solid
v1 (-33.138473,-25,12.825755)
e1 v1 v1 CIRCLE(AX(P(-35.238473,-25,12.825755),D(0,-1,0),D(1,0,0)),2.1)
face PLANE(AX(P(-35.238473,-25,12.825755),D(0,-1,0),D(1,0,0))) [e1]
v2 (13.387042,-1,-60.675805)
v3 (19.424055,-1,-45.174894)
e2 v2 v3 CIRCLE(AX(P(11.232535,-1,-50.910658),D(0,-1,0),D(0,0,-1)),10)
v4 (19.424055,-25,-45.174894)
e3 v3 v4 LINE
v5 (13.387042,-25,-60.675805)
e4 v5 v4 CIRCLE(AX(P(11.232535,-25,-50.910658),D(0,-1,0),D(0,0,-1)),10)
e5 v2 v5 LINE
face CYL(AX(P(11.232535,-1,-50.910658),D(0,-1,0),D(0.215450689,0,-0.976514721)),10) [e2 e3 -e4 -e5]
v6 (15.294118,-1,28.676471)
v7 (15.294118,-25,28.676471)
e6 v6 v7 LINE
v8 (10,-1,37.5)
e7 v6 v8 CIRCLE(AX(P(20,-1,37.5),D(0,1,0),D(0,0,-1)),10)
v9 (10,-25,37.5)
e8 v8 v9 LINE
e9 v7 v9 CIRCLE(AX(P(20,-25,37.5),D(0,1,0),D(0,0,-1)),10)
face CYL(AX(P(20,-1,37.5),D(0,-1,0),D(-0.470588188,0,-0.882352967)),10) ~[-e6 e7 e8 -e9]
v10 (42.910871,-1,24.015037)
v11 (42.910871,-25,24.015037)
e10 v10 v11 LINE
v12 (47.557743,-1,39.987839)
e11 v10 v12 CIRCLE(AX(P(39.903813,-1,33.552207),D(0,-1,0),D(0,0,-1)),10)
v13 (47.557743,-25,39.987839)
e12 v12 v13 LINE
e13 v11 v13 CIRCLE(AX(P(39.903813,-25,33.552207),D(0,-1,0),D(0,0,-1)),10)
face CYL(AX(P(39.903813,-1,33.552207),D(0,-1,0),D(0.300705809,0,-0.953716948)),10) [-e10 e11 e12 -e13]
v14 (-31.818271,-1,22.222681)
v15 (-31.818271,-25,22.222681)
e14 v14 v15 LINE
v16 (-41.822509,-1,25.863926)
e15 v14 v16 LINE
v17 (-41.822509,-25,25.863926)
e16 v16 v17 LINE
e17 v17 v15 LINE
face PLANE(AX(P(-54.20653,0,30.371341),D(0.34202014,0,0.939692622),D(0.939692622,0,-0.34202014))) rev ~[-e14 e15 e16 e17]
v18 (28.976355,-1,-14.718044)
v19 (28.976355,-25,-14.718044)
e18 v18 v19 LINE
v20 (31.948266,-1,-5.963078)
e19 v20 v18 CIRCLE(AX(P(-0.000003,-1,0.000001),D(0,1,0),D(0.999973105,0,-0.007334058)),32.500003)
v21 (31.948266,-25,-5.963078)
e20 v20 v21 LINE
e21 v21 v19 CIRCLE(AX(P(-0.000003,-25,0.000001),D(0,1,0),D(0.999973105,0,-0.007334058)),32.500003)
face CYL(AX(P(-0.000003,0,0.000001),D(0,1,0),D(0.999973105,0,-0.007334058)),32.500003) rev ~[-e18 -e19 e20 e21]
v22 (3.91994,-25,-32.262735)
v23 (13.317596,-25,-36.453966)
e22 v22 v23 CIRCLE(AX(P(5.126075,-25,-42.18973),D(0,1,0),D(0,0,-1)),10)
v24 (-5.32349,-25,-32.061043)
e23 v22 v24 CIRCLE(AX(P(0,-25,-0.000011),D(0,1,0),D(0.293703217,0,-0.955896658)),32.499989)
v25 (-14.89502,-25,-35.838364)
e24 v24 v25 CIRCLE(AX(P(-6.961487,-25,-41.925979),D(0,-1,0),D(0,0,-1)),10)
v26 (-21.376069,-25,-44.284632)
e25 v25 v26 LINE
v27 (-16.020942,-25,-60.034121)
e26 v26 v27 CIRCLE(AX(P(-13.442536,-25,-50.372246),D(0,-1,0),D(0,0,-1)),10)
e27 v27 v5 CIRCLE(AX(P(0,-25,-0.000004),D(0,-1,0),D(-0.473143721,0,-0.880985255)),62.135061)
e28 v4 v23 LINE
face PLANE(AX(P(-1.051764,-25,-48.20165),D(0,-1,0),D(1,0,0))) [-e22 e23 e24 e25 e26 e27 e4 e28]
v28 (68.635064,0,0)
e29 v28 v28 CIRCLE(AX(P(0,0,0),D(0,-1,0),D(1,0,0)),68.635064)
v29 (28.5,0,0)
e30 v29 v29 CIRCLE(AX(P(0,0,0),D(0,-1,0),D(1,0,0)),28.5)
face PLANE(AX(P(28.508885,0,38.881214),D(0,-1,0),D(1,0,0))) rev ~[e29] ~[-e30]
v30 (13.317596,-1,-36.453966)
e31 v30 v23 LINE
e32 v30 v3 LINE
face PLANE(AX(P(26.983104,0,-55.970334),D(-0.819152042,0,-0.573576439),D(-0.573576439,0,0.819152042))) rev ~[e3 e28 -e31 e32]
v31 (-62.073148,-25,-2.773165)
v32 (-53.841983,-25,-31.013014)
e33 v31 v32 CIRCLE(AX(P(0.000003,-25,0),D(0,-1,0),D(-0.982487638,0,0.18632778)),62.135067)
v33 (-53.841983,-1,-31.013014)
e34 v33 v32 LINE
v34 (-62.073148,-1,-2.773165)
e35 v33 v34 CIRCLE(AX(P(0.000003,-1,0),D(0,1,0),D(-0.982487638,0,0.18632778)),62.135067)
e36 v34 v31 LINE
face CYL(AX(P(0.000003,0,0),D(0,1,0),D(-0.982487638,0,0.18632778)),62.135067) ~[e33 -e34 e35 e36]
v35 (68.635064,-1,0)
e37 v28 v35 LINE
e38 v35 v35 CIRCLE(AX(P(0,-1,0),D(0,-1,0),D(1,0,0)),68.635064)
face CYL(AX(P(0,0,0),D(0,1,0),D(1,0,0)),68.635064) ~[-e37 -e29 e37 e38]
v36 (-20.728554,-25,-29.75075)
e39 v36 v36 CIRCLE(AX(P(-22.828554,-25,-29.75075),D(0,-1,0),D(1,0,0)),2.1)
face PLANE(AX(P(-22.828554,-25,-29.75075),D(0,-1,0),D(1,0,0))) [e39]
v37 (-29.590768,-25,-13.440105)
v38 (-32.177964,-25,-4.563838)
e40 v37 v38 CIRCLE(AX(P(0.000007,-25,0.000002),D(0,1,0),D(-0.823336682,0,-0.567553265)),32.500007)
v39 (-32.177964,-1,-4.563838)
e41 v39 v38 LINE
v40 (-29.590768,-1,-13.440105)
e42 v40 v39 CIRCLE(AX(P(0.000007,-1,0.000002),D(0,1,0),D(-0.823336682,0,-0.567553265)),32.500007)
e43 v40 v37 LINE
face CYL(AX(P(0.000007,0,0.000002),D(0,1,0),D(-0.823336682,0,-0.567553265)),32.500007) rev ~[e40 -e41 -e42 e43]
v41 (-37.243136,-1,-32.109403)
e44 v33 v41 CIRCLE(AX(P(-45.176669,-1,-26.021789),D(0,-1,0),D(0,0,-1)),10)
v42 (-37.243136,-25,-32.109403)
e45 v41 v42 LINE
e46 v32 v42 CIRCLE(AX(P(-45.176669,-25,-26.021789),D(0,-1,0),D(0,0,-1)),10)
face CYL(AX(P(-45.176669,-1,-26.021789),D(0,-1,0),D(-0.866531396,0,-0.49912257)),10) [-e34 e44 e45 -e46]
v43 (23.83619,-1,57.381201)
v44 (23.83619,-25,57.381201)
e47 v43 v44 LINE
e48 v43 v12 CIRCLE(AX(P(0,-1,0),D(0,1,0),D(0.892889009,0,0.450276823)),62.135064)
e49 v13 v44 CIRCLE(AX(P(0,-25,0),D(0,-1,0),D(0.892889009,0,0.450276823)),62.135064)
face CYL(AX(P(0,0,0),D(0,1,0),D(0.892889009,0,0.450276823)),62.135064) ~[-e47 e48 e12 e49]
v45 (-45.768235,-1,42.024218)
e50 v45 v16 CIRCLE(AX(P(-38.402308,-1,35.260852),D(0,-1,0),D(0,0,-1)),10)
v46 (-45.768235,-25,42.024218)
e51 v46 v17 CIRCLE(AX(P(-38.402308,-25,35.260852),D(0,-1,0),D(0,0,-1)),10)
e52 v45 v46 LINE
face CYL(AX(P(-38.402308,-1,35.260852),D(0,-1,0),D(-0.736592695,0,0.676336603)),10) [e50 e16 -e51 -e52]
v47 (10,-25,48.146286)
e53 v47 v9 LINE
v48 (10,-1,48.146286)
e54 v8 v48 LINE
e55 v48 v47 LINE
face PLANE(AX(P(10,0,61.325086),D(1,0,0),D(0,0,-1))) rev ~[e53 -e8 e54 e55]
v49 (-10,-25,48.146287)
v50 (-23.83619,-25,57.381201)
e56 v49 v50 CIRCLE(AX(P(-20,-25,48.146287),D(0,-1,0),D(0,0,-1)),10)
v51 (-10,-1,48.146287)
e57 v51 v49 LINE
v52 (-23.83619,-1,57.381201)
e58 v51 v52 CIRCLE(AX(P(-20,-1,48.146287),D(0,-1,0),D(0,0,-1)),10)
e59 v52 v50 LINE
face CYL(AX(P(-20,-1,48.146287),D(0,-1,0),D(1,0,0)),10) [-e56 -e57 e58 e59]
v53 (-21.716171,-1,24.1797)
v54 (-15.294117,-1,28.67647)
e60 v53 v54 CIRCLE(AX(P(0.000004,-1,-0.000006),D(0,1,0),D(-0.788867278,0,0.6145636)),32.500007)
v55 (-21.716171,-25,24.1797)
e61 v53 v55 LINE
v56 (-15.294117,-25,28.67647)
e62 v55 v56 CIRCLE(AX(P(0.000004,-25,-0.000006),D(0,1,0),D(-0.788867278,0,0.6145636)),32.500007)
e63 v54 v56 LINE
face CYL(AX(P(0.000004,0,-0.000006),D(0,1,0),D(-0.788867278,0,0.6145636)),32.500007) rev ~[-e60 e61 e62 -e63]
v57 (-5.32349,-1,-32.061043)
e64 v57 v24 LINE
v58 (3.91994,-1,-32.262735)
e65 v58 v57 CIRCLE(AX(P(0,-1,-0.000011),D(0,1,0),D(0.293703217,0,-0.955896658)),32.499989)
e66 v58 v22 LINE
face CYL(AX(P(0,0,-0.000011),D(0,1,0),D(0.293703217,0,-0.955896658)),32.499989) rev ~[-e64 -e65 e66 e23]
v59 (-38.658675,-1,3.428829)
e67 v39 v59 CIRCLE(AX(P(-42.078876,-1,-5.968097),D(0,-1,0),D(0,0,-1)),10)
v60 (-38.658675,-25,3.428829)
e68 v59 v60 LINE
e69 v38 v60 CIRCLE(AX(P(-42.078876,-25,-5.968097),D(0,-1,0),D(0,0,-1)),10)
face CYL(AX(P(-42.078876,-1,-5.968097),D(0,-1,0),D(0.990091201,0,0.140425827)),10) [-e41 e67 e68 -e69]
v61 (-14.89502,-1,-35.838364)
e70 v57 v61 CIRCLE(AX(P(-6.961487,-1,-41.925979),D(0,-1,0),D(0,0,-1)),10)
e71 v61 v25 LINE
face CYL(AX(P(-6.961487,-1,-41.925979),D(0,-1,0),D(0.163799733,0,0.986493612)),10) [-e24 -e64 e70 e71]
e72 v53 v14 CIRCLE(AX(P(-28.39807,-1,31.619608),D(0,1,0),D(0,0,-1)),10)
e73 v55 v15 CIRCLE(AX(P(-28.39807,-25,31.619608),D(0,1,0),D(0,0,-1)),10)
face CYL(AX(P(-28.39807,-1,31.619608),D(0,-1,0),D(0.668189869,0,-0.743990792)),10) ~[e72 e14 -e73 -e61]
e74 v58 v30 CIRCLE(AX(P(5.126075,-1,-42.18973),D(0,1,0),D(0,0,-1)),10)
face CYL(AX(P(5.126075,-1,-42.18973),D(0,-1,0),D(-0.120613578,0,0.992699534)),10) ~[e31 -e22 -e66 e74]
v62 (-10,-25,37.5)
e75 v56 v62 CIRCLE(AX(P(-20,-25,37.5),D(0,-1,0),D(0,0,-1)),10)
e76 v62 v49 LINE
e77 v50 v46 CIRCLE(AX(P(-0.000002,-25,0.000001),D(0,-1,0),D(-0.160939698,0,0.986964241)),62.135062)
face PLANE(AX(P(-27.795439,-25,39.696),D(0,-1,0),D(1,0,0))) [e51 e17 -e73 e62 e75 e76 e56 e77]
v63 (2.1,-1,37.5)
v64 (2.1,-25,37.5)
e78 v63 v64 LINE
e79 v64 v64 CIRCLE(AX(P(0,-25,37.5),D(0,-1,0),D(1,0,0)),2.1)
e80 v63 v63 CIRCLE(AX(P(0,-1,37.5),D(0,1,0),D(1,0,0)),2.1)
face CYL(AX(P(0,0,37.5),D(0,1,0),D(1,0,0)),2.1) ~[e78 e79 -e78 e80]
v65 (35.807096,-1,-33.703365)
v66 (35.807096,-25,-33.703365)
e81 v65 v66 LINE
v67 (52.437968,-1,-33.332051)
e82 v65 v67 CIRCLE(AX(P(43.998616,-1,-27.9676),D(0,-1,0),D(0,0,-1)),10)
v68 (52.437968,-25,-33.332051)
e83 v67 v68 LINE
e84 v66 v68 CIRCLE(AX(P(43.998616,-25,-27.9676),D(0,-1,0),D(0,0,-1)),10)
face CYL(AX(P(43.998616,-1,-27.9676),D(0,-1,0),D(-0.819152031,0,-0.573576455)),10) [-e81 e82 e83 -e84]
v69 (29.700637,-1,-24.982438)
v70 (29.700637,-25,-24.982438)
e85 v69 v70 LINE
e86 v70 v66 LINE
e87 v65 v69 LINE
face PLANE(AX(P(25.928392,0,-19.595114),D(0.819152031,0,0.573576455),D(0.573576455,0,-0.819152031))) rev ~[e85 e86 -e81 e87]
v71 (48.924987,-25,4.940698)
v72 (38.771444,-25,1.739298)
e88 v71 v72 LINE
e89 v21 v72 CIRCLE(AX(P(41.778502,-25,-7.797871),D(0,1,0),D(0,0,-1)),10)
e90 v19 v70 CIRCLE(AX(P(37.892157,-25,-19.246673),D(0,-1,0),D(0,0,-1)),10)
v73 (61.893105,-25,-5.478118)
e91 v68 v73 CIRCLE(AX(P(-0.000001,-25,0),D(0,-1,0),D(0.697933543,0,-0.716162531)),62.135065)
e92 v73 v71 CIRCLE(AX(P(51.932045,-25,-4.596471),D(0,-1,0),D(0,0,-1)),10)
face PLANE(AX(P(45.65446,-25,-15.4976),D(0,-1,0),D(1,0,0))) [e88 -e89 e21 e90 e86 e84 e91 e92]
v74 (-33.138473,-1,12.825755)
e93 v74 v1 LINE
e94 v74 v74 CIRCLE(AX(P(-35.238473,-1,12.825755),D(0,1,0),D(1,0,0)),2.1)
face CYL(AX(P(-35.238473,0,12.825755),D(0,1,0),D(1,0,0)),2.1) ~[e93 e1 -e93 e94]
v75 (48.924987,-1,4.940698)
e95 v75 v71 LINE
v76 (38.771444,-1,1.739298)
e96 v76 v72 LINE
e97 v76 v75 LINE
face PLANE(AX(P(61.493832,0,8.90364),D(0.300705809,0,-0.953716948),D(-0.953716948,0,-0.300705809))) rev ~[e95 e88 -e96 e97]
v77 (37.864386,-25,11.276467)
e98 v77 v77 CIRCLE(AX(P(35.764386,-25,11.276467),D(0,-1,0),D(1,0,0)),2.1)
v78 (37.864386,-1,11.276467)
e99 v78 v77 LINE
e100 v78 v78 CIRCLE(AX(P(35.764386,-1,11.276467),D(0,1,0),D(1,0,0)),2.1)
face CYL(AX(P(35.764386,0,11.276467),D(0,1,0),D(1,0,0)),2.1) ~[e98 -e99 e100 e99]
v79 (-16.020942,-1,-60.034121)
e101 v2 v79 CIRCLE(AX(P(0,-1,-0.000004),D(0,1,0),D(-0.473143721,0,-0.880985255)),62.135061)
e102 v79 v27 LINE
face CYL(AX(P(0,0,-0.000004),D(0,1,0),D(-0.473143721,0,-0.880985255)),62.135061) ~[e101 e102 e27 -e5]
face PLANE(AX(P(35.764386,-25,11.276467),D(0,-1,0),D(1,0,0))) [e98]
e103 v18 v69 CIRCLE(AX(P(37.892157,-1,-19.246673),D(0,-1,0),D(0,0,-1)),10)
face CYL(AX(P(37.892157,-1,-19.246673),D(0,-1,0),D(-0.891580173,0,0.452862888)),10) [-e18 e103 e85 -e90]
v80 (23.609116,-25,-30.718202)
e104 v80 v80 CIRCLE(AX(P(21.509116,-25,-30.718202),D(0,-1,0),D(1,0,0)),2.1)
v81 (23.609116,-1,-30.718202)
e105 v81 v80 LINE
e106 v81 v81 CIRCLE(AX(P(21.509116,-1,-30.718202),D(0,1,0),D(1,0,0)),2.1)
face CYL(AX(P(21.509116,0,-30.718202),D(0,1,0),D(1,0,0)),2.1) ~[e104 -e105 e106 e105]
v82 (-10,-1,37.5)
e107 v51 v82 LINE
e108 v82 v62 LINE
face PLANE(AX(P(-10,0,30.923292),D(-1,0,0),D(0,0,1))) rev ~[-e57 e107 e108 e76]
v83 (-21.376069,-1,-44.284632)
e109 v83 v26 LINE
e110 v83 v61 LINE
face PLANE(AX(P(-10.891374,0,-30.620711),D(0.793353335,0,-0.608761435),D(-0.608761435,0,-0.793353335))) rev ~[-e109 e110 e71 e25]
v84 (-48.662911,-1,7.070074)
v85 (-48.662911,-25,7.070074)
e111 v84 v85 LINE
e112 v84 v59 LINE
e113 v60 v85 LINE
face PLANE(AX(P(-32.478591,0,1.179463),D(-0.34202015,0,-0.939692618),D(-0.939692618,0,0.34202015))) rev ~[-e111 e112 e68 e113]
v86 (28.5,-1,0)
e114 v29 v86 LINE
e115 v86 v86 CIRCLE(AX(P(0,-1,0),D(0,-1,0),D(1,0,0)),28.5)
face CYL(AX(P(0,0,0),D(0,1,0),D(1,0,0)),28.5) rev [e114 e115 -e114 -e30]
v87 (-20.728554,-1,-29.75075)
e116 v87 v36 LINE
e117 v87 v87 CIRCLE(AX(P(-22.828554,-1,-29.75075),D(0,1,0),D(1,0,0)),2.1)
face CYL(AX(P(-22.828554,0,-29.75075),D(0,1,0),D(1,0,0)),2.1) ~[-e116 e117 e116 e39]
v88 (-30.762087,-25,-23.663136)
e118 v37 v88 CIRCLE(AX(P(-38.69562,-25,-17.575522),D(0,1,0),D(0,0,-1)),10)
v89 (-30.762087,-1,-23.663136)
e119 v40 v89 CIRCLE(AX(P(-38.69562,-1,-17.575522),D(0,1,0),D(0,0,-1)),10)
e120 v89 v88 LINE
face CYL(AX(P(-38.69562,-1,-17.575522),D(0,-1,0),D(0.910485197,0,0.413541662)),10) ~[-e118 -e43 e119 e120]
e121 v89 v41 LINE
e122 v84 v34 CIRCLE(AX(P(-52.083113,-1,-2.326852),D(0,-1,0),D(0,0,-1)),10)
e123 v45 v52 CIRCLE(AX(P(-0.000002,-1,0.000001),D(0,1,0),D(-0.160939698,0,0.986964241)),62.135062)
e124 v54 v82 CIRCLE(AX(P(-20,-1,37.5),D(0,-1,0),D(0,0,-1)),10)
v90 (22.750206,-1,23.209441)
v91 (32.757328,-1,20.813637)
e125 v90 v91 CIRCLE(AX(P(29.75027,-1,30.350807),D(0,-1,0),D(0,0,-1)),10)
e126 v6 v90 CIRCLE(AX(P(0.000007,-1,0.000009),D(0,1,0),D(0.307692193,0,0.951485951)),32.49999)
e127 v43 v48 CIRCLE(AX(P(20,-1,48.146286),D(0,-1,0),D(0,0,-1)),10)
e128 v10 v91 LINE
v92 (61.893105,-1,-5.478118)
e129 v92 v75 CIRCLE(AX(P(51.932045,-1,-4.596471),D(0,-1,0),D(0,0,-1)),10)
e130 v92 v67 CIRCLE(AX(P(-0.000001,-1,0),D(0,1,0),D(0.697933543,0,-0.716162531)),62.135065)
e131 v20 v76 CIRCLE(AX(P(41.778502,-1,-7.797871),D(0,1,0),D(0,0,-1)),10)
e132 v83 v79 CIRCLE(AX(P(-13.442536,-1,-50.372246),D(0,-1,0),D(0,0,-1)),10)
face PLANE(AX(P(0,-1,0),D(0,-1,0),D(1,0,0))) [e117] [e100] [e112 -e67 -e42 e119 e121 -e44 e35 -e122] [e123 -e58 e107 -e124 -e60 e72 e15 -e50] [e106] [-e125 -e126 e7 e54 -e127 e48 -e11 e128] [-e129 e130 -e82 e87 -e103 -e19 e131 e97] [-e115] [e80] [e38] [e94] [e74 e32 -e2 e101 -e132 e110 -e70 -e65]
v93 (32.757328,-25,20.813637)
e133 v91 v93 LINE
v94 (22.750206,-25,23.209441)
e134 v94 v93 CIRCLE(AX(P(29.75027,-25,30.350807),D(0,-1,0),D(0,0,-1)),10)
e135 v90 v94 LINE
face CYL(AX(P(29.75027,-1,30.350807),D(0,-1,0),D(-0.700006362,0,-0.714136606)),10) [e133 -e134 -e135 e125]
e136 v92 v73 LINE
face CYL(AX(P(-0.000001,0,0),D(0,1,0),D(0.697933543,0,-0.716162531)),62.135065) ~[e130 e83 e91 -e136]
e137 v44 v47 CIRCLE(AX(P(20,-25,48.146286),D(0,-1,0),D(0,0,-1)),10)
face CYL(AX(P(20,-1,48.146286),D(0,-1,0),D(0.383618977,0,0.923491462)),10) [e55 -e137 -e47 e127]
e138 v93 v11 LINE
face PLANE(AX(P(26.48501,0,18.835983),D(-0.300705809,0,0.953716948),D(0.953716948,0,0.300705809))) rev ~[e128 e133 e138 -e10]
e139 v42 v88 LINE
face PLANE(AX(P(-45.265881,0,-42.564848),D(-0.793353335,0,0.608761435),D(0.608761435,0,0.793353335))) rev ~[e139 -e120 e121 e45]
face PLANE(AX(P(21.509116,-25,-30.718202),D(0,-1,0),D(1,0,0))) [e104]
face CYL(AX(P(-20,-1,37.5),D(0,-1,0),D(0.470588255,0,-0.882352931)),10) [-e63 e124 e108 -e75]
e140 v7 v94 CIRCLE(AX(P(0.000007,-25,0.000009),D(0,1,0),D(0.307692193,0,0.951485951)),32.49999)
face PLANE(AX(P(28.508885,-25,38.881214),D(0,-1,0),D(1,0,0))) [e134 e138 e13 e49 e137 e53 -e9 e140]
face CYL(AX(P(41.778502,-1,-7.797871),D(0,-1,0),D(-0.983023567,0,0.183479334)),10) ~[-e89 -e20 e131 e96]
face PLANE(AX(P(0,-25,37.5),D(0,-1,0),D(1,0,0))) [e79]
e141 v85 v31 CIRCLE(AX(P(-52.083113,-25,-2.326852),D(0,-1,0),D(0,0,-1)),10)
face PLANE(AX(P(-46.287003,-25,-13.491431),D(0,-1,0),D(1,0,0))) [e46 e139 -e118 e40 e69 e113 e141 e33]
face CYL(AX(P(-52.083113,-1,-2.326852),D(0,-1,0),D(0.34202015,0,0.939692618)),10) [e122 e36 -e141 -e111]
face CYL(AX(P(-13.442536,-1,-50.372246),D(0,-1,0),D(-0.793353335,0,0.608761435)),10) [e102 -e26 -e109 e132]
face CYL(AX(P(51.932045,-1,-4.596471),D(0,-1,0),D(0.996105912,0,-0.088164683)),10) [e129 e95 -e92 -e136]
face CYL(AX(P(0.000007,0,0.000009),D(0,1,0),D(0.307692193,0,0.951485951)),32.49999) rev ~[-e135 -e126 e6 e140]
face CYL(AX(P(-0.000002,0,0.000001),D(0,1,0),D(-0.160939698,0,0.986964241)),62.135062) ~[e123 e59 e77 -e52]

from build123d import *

# Parameters (mm, degrees)
F0_R     = 68.635064
F0_R_2   = 2.1
F0_R_3   = 28.5
F1_DEPTH = 1
F2_DEPTH = 25
F3_R     = 10


with BuildPart() as f1:
    # F0 (on Front) → F1 (new body)
    with BuildSketch(Plane.XZ):
        Circle(F0_R)
        with Locations((-22.828554, -29.75075)):
            Circle(F0_R_2, mode=Mode.SUBTRACT)
        with Locations((21.509116, -30.718202)):
            Circle(F0_R_2, mode=Mode.SUBTRACT)
        with BuildLine():
            ThreePointArc((-10, 30.923292), (0, 32.5), (10, 30.923292))
            Line((10, 30.923292), (10, 61.325086))
            ThreePointArc((10, 61.325086), (36.741063, 50.108487), (55.479716, 27.977979))
            Line((55.479716, 27.977979), (26.48501, 18.835983))
            ThreePointArc((26.48501, 18.835983), (30.959755, 9.886536), (32.5, 0))
            ThreePointArc((32.5, 0), (32.499781, -0.119179), (32.499126, -0.238356))
            Line((32.499126, -0.238356), (61.493832, 8.90364))
            ThreePointArc((61.493832, 8.90364), (58.837564, -19.972662), (43.366145, -44.498805))
            Line((43.366145, -44.498805), (25.928392, -19.595114))
            ThreePointArc((25.928392, -19.595114), (18.641234, -26.622441), (9.545351, -31.066642))
            Line((9.545351, -31.066642), (26.983104, -55.970334))
            ThreePointArc((26.983104, -55.970334), (-1.355469, -62.120278), (-29.398814, -54.740076))
            Line((-29.398814, -54.740076), (-10.891374, -30.620711))
            ThreePointArc((-10.891374, -30.620711), (-19.784746, -25.783984), (-26.758441, -18.445483))
            Line((-26.758441, -18.445483), (-45.265881, -42.564848))
            ThreePointArc((-45.265881, -42.564848), (-59.652759, -17.387194), (-61.046932, 11.577489))
            Line((-61.046932, 11.577489), (-32.478591, 1.179463))
            ThreePointArc((-32.478591, 1.179463), (-30.54001, 11.115655), (-25.638188, 19.973315))
            Line((-25.638188, 19.973315), (-54.20653, 30.371341))
            ThreePointArc((-54.20653, 30.371341), (-35.639209, 50.898065), (-10, 61.325086))
            Line((-10, 61.325086), (-10, 30.923292))
        make_face(mode=Mode.SUBTRACT)
        with Locations((-35.238473, 12.825755)):
            Circle(F0_R_2, mode=Mode.SUBTRACT)
        with Locations((35.764386, 11.276467)):
            Circle(F0_R_2, mode=Mode.SUBTRACT)
        with Locations((0, 37.5)):
            Circle(F0_R_2, mode=Mode.SUBTRACT)
        with BuildLine():
            Line((10, 61.325086), (10, 30.923292))
            ThreePointArc((10, 30.923292), (19.217564, 26.20945), (26.48501, 18.835983))
            Line((26.48501, 18.835983), (55.479716, 27.977979))
            ThreePointArc((55.479716, 27.977979), (36.741063, 50.108487), (10, 61.325086))
        make_face()
        with BuildLine():
            ThreePointArc((-25.638188, 19.973315), (-18.641234, 26.622441), (-10, 30.923292))
            Line((-10, 30.923292), (-10, 61.325086))
            ThreePointArc((-10, 61.325086), (-35.639209, 50.898065), (-54.20653, 30.371341))
            Line((-54.20653, 30.371341), (-25.638188, 19.973315))
        make_face()
        with Locations((0, 37.5)):
            Circle(F0_R_2)
        with Locations((35.764386, 11.276467)):
            Circle(F0_R_2)
        with BuildLine():
            Line((61.493832, 8.90364), (32.499126, -0.238356))
            ThreePointArc((32.499126, -0.238356), (30.775229, -10.446783), (25.928392, -19.595114))
            Line((25.928392, -19.595114), (43.366145, -44.498805))
            ThreePointArc((43.366145, -44.498805), (58.837564, -19.972662), (61.493832, 8.90364))
        make_face()
        with BuildLine():
            Line((26.983104, -55.970334), (9.545351, -31.066642))
            ThreePointArc((9.545351, -31.066642), (-0.708984, -32.492266), (-10.891374, -30.620711))
            Line((-10.891374, -30.620711), (-29.398814, -54.740076))
            ThreePointArc((-29.398814, -54.740076), (-1.355469, -62.120278), (26.983104, -55.970334))
        make_face()
        with BuildLine():
            ThreePointArc((-26.758441, -18.445483), (-31.20162, -9.094443), (-32.478591, 1.179463))
            Line((-32.478591, 1.179463), (-61.046932, 11.577489))
            ThreePointArc((-61.046932, 11.577489), (-59.652759, -17.387194), (-45.265881, -42.564848))
            Line((-45.265881, -42.564848), (-26.758441, -18.445483))
        make_face()
        with Locations((-35.238473, 12.825755)):
            Circle(F0_R_2)
        with BuildLine():
            ThreePointArc((26.48501, 18.835983), (19.217564, 26.20945), (10, 30.923292))
            ThreePointArc((10, 30.923292), (0, 32.5), (-10, 30.923292))
            ThreePointArc((-10, 30.923292), (-18.641234, 26.622441), (-25.638188, 19.973315))
            ThreePointArc((-25.638188, 19.973315), (-30.54001, 11.115655), (-32.478591, 1.179463))
            ThreePointArc((-32.478591, 1.179463), (-31.20162, -9.094443), (-26.758441, -18.445483))
            ThreePointArc((-26.758441, -18.445483), (-19.784746, -25.783984), (-10.891374, -30.620711))
            ThreePointArc((-10.891374, -30.620711), (-0.708984, -32.492266), (9.545351, -31.066642))
            ThreePointArc((9.545351, -31.066642), (18.641234, -26.622441), (25.928392, -19.595114))
            ThreePointArc((25.928392, -19.595114), (30.775229, -10.446783), (32.499126, -0.238356))
            ThreePointArc((32.499126, -0.238356), (32.499781, -0.119179), (32.5, 0))
            ThreePointArc((32.5, 0), (30.959755, 9.886536), (26.48501, 18.835983))
        make_face()
        Circle(F0_R_3, mode=Mode.SUBTRACT)
        with Locations((21.509116, -30.718202)):
            Circle(F0_R_2)
        with Locations((-22.828554, -29.75075)):
            Circle(F0_R_2)
    extrude(amount=F1_DEPTH)

    # F0 (on Front) → F2 (join)
    with BuildSketch(Plane.XZ):
        with BuildLine():
            Line((10, 61.325086), (10, 30.923292))
            ThreePointArc((10, 30.923292), (19.217564, 26.20945), (26.48501, 18.835983))
            Line((26.48501, 18.835983), (55.479716, 27.977979))
            ThreePointArc((55.479716, 27.977979), (36.741063, 50.108487), (10, 61.325086))
        make_face()
        with BuildLine():
            ThreePointArc((-25.638188, 19.973315), (-18.641234, 26.622441), (-10, 30.923292))
            Line((-10, 30.923292), (-10, 61.325086))
            ThreePointArc((-10, 61.325086), (-35.639209, 50.898065), (-54.20653, 30.371341))
            Line((-54.20653, 30.371341), (-25.638188, 19.973315))
        make_face()
        with BuildLine():
            ThreePointArc((-26.758441, -18.445483), (-31.20162, -9.094443), (-32.478591, 1.179463))
            Line((-32.478591, 1.179463), (-61.046932, 11.577489))
            ThreePointArc((-61.046932, 11.577489), (-59.652759, -17.387194), (-45.265881, -42.564848))
            Line((-45.265881, -42.564848), (-26.758441, -18.445483))
        make_face()
        with BuildLine():
            Line((26.983104, -55.970334), (9.545351, -31.066642))
            ThreePointArc((9.545351, -31.066642), (-0.708984, -32.492266), (-10.891374, -30.620711))
            Line((-10.891374, -30.620711), (-29.398814, -54.740076))
            ThreePointArc((-29.398814, -54.740076), (-1.355469, -62.120278), (26.983104, -55.970334))
        make_face()
        with BuildLine():
            Line((61.493832, 8.90364), (32.499126, -0.238356))
            ThreePointArc((32.499126, -0.238356), (30.775229, -10.446783), (25.928392, -19.595114))
            Line((25.928392, -19.595114), (43.366145, -44.498805))
            ThreePointArc((43.366145, -44.498805), (58.837564, -19.972662), (61.493832, 8.90364))
        make_face()
        with Locations((35.764386, 11.276467)):
            Circle(F0_R_2)
        with Locations((21.509116, -30.718202)):
            Circle(F0_R_2)
        with Locations((-22.828554, -29.75075)):
            Circle(F0_R_2)
        with Locations((-35.238473, 12.825755)):
            Circle(F0_R_2)
        with Locations((0, 37.5)):
            Circle(F0_R_2)
    extrude(amount=F2_DEPTH)

    # F3
    f3_edges = [f1.edges().sort_by_distance(p)[0] for p in [
        (-54.20653, -13, 30.371341),
        (-25.638188, -13, 19.973315),
        (-10, -13, 30.923292),
        (-10, -13, 61.325086),
        (-32.478591, -13, 1.179463),
        (-26.758441, -13, -18.445483),
        (-61.046932, -13, 11.577489),
        (-45.265881, -13, -42.564848),
        (-29.398814, -13, -54.740076),
        (26.983104, -13, -55.970334),
        (9.545351, -13, -31.066642),
        (-10.891374, -13, -30.620711),
        (32.499126, -13, -0.238356),
        (25.928392, -13, -19.595114),
        (43.366145, -13, -44.498805),
        (61.493832, -13, 8.90364),
        (55.479716, -13, 27.977979),
        (10, -13, 61.325086),
        (10, -13, 30.923292),
        (26.48501, -13, 18.835983),
    ]]
    fillet(f3_edges, radius=F3_R)


solid = f1.part
